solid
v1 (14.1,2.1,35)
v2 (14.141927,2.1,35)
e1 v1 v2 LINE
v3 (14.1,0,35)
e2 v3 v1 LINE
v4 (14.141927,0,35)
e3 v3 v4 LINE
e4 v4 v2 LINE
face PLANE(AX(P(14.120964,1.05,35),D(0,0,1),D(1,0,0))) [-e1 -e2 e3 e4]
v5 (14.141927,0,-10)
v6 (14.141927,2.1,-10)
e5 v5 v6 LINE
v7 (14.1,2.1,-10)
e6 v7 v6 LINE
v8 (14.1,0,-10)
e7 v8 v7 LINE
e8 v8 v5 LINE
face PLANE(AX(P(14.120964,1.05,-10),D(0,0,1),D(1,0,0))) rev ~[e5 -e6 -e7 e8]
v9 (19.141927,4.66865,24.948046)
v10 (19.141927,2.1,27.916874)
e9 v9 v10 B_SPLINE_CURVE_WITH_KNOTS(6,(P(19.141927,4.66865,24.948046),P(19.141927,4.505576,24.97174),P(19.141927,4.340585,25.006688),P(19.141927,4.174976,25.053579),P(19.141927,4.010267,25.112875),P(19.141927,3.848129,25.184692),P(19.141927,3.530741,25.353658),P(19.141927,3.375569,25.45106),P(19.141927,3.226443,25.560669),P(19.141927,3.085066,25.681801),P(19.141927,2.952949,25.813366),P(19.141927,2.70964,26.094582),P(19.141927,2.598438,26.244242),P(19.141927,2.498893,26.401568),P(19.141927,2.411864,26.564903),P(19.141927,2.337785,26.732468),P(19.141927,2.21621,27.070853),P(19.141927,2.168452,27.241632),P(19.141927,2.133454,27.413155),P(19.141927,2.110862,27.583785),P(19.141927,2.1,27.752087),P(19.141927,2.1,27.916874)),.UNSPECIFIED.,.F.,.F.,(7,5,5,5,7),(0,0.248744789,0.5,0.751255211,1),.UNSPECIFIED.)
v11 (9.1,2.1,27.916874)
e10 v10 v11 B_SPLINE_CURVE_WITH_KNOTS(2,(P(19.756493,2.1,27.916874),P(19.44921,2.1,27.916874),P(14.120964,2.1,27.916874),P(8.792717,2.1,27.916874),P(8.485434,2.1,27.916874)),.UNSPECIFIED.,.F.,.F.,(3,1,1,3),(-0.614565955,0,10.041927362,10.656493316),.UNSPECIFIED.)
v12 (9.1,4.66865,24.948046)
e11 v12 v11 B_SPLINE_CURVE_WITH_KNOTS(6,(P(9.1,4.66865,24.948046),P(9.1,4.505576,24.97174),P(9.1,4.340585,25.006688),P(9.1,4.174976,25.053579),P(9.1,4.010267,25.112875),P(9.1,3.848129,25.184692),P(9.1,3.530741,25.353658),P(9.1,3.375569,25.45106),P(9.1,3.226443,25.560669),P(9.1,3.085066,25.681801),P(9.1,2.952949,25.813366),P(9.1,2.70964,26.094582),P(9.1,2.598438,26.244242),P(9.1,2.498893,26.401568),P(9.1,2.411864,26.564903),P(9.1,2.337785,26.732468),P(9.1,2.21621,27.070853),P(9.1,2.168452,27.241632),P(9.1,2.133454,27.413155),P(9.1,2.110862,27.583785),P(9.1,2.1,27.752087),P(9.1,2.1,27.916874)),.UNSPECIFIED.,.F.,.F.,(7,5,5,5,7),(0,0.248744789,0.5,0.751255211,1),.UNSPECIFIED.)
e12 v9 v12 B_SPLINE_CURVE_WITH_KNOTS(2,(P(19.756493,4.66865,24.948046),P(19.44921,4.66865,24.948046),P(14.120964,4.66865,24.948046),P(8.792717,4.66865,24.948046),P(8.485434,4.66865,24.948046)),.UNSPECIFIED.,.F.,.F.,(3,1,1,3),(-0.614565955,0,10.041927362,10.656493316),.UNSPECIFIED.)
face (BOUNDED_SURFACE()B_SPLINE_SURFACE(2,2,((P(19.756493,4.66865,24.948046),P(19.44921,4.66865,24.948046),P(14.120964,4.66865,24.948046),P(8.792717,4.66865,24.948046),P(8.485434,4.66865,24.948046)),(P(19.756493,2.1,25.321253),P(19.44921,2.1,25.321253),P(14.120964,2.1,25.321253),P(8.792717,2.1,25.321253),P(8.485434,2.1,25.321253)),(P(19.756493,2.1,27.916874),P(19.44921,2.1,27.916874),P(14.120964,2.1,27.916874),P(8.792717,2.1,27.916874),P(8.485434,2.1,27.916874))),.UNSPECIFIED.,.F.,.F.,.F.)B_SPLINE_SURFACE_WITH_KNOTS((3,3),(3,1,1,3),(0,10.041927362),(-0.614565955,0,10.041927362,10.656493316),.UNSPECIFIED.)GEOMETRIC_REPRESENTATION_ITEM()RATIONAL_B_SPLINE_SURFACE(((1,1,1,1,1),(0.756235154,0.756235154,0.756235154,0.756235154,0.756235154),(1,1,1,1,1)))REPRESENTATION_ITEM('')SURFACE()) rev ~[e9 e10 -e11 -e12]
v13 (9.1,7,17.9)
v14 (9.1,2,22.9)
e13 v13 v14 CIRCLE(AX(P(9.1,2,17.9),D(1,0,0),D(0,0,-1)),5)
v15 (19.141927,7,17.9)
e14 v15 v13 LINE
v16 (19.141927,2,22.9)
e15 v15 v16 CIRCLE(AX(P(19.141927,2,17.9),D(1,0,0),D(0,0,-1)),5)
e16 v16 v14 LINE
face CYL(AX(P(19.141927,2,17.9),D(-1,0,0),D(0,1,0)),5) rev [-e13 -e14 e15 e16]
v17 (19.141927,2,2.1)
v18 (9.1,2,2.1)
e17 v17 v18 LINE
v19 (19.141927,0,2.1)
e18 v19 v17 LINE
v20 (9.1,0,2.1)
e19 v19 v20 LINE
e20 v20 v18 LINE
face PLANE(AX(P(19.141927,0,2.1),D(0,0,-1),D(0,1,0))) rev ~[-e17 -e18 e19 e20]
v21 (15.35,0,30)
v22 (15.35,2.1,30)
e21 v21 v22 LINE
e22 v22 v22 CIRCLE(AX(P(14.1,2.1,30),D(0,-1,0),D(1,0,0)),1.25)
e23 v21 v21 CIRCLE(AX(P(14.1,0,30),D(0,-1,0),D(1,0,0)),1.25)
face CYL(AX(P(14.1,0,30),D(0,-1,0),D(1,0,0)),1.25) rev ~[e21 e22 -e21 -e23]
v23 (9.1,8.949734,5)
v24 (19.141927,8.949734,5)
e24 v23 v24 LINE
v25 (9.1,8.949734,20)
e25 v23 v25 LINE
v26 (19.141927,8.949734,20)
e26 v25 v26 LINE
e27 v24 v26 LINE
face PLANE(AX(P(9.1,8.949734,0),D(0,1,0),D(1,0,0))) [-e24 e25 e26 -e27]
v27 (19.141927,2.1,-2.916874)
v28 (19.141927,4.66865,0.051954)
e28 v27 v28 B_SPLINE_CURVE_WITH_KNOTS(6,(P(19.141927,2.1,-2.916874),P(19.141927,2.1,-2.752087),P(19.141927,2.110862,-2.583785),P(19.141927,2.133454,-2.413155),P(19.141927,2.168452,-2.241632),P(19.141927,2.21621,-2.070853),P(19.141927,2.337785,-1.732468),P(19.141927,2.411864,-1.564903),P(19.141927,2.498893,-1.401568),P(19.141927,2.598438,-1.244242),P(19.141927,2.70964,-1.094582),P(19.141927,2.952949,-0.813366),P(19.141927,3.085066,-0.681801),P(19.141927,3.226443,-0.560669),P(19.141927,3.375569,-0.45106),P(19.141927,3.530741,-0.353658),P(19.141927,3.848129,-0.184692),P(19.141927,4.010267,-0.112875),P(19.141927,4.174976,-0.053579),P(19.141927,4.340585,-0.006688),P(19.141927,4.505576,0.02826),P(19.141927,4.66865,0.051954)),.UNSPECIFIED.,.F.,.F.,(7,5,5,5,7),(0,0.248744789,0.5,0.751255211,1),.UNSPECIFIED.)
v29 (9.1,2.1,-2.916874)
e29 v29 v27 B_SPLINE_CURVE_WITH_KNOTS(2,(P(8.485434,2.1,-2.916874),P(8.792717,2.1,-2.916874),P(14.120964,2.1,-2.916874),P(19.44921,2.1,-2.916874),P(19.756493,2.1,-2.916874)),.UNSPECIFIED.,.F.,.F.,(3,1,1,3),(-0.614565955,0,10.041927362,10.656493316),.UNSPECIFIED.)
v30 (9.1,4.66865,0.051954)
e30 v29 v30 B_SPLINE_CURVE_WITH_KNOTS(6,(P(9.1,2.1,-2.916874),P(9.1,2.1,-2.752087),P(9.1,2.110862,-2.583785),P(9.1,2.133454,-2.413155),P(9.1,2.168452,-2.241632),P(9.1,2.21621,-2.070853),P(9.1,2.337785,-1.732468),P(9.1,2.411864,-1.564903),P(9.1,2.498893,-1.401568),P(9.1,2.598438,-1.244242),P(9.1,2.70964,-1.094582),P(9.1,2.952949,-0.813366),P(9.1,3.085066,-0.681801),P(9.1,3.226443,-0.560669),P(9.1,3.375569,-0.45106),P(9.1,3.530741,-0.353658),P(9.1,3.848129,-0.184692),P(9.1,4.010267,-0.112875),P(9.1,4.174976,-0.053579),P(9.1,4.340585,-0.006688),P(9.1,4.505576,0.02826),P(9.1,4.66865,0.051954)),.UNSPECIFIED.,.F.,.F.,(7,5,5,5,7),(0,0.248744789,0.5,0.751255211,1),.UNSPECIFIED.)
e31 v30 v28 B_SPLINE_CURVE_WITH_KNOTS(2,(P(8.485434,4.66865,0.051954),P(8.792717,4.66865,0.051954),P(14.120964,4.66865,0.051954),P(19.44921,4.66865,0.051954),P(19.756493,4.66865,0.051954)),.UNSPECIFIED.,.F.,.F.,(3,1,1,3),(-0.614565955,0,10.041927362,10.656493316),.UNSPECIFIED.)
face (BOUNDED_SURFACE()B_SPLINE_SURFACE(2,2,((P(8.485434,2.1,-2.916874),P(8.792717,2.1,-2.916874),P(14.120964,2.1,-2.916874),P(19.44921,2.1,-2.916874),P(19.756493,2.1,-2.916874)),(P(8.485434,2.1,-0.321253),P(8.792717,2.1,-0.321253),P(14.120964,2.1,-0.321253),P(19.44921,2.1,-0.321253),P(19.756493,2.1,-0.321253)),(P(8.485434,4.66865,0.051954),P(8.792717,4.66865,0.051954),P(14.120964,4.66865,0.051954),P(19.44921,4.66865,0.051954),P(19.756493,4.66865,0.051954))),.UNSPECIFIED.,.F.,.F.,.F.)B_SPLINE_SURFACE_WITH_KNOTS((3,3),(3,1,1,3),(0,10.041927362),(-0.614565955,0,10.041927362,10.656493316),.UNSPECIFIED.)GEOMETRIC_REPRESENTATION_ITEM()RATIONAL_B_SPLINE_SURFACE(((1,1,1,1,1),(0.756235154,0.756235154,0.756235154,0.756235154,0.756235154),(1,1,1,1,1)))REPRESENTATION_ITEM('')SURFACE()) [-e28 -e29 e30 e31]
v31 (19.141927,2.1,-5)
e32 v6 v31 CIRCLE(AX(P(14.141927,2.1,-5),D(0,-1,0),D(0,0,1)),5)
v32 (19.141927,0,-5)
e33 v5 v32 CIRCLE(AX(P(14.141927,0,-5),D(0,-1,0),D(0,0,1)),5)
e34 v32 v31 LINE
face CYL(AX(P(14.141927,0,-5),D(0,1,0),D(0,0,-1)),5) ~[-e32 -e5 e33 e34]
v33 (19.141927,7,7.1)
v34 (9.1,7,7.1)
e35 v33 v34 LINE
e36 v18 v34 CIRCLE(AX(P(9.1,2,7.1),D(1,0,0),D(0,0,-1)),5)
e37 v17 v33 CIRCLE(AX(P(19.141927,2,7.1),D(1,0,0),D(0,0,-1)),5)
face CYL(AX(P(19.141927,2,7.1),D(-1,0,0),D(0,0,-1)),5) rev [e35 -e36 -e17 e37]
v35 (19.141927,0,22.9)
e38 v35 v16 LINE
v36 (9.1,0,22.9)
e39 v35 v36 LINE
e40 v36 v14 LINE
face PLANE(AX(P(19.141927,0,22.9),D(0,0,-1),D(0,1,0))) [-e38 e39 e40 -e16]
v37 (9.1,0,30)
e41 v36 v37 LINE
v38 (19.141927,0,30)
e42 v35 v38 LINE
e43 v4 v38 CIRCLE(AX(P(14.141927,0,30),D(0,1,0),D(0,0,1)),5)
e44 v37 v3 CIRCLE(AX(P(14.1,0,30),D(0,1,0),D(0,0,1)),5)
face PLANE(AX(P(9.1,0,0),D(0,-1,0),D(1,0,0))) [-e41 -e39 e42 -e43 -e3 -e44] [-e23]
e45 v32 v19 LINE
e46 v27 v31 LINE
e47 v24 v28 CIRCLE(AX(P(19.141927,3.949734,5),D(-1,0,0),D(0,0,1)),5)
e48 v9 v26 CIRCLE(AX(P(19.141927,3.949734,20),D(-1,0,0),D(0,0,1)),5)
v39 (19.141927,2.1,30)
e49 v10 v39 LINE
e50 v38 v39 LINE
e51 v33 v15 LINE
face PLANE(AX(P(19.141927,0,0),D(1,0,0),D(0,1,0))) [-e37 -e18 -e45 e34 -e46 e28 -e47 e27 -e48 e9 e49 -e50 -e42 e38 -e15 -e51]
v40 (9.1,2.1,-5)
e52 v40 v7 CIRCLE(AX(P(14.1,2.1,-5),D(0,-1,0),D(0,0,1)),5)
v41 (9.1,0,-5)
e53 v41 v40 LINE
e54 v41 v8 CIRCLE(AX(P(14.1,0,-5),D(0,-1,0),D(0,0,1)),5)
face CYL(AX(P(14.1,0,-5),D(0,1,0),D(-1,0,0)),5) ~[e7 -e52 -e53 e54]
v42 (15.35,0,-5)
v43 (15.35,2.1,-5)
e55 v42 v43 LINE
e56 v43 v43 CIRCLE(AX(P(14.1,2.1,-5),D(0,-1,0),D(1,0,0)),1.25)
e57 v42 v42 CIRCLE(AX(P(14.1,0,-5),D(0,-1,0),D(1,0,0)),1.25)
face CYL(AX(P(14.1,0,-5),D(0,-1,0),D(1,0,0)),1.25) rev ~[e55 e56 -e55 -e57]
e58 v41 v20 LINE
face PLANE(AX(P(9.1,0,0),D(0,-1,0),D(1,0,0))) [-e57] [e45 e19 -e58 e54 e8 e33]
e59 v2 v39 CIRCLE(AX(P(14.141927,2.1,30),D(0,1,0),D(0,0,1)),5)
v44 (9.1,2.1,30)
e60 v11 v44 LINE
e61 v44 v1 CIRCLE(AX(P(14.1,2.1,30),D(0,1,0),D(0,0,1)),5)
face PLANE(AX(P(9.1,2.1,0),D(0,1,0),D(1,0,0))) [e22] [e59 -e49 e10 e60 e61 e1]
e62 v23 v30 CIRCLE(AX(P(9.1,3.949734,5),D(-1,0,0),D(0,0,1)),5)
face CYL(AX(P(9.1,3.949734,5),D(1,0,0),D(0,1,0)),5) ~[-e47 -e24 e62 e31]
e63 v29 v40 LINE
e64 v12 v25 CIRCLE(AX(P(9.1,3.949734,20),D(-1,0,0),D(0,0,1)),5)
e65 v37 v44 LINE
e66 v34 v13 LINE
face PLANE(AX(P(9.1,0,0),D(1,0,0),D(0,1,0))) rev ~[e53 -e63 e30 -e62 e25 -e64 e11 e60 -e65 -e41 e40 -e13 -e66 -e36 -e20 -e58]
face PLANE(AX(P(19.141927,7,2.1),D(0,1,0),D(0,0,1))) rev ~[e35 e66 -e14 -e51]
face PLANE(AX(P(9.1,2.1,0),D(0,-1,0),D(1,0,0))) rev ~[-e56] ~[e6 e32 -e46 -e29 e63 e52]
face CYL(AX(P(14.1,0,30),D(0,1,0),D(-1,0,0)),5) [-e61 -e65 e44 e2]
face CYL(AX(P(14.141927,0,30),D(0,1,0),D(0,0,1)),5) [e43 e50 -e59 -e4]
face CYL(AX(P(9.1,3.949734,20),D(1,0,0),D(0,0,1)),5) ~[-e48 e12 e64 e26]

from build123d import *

# Parameters (mm, degrees)
F0_W          = 10.0419273615
F0_H          = 2.1
F0_H_2        = 6.8497342706
F1_DEPTH      = 25
F3_DEPTH      = 10
F3_DEPTH_BACK = 35
F4_W          = 7
F4_H          = 20.8
F5_DEPTH      = 10.0429273615
F6_R          = 1.25
F7_DEPTH      = 25
F8_R          = 5
F9_R          = 3


with BuildPart() as f1:
    # F0 (on Top) → F1 (new body)
    with BuildSketch(Plane.XY):
        with Locations((14.1209636807, 1.05)):
            Rectangle(F0_W, F0_H)
        with Locations((14.1209636807, 5.5248671353)):
            Rectangle(F0_W, F0_H_2)
    extrude(amount=F1_DEPTH)

    # F0 (on Top) → F3 (join, two sides)
    with BuildSketch(Plane.XY) as f3_sk:
        with Locations((14.1209636807, 1.05)):
            Rectangle(F0_W, F0_H)
    extrude(amount=-F3_DEPTH)
    extrude(f3_sk.sketch, amount=F3_DEPTH_BACK)

    # F4 (on offset) → F5 (cut, through all)
    with BuildSketch(Plane.YZ.offset(19.1419273615)):
        with Locations((3.5, 12.5)):
            Rectangle(F4_W, F4_H)
    extrude(amount=-F5_DEPTH, mode=Mode.SUBTRACT)

    # F6 (on Front) → F7 (cut)
    with BuildSketch(Plane.XZ):
        with Locations((14.1, 30)):
            Circle(F6_R)
        with Locations((14.1, -5)):
            Circle(F6_R)
    extrude(amount=-F7_DEPTH, mode=Mode.SUBTRACT)

    # F8
    f8_edges = [f1.edges().sort_by_distance(p)[0] for p in [
        (19.141927, 1.05, 35),
        (9.1, 1.05, 35),
        (9.1, 1.05, -10),
        (19.141927, 1.05, -10),
        (14.120964, 7, 2.1),
        (14.120964, 7, 22.9),
        (14.120964, 8.949734, 0),
        (14.120964, 8.949734, 25),
    ]]
    fillet(f8_edges, radius=F8_R)

    # F9
    f9_edges = [f1.edges().sort_by_distance(p)[0] for p in [
        (14.120964, 2.1, 0),
        (14.120964, 2.1, 25),
    ]]
    fillet(f9_edges, radius=F9_R)


solid = f1.part
